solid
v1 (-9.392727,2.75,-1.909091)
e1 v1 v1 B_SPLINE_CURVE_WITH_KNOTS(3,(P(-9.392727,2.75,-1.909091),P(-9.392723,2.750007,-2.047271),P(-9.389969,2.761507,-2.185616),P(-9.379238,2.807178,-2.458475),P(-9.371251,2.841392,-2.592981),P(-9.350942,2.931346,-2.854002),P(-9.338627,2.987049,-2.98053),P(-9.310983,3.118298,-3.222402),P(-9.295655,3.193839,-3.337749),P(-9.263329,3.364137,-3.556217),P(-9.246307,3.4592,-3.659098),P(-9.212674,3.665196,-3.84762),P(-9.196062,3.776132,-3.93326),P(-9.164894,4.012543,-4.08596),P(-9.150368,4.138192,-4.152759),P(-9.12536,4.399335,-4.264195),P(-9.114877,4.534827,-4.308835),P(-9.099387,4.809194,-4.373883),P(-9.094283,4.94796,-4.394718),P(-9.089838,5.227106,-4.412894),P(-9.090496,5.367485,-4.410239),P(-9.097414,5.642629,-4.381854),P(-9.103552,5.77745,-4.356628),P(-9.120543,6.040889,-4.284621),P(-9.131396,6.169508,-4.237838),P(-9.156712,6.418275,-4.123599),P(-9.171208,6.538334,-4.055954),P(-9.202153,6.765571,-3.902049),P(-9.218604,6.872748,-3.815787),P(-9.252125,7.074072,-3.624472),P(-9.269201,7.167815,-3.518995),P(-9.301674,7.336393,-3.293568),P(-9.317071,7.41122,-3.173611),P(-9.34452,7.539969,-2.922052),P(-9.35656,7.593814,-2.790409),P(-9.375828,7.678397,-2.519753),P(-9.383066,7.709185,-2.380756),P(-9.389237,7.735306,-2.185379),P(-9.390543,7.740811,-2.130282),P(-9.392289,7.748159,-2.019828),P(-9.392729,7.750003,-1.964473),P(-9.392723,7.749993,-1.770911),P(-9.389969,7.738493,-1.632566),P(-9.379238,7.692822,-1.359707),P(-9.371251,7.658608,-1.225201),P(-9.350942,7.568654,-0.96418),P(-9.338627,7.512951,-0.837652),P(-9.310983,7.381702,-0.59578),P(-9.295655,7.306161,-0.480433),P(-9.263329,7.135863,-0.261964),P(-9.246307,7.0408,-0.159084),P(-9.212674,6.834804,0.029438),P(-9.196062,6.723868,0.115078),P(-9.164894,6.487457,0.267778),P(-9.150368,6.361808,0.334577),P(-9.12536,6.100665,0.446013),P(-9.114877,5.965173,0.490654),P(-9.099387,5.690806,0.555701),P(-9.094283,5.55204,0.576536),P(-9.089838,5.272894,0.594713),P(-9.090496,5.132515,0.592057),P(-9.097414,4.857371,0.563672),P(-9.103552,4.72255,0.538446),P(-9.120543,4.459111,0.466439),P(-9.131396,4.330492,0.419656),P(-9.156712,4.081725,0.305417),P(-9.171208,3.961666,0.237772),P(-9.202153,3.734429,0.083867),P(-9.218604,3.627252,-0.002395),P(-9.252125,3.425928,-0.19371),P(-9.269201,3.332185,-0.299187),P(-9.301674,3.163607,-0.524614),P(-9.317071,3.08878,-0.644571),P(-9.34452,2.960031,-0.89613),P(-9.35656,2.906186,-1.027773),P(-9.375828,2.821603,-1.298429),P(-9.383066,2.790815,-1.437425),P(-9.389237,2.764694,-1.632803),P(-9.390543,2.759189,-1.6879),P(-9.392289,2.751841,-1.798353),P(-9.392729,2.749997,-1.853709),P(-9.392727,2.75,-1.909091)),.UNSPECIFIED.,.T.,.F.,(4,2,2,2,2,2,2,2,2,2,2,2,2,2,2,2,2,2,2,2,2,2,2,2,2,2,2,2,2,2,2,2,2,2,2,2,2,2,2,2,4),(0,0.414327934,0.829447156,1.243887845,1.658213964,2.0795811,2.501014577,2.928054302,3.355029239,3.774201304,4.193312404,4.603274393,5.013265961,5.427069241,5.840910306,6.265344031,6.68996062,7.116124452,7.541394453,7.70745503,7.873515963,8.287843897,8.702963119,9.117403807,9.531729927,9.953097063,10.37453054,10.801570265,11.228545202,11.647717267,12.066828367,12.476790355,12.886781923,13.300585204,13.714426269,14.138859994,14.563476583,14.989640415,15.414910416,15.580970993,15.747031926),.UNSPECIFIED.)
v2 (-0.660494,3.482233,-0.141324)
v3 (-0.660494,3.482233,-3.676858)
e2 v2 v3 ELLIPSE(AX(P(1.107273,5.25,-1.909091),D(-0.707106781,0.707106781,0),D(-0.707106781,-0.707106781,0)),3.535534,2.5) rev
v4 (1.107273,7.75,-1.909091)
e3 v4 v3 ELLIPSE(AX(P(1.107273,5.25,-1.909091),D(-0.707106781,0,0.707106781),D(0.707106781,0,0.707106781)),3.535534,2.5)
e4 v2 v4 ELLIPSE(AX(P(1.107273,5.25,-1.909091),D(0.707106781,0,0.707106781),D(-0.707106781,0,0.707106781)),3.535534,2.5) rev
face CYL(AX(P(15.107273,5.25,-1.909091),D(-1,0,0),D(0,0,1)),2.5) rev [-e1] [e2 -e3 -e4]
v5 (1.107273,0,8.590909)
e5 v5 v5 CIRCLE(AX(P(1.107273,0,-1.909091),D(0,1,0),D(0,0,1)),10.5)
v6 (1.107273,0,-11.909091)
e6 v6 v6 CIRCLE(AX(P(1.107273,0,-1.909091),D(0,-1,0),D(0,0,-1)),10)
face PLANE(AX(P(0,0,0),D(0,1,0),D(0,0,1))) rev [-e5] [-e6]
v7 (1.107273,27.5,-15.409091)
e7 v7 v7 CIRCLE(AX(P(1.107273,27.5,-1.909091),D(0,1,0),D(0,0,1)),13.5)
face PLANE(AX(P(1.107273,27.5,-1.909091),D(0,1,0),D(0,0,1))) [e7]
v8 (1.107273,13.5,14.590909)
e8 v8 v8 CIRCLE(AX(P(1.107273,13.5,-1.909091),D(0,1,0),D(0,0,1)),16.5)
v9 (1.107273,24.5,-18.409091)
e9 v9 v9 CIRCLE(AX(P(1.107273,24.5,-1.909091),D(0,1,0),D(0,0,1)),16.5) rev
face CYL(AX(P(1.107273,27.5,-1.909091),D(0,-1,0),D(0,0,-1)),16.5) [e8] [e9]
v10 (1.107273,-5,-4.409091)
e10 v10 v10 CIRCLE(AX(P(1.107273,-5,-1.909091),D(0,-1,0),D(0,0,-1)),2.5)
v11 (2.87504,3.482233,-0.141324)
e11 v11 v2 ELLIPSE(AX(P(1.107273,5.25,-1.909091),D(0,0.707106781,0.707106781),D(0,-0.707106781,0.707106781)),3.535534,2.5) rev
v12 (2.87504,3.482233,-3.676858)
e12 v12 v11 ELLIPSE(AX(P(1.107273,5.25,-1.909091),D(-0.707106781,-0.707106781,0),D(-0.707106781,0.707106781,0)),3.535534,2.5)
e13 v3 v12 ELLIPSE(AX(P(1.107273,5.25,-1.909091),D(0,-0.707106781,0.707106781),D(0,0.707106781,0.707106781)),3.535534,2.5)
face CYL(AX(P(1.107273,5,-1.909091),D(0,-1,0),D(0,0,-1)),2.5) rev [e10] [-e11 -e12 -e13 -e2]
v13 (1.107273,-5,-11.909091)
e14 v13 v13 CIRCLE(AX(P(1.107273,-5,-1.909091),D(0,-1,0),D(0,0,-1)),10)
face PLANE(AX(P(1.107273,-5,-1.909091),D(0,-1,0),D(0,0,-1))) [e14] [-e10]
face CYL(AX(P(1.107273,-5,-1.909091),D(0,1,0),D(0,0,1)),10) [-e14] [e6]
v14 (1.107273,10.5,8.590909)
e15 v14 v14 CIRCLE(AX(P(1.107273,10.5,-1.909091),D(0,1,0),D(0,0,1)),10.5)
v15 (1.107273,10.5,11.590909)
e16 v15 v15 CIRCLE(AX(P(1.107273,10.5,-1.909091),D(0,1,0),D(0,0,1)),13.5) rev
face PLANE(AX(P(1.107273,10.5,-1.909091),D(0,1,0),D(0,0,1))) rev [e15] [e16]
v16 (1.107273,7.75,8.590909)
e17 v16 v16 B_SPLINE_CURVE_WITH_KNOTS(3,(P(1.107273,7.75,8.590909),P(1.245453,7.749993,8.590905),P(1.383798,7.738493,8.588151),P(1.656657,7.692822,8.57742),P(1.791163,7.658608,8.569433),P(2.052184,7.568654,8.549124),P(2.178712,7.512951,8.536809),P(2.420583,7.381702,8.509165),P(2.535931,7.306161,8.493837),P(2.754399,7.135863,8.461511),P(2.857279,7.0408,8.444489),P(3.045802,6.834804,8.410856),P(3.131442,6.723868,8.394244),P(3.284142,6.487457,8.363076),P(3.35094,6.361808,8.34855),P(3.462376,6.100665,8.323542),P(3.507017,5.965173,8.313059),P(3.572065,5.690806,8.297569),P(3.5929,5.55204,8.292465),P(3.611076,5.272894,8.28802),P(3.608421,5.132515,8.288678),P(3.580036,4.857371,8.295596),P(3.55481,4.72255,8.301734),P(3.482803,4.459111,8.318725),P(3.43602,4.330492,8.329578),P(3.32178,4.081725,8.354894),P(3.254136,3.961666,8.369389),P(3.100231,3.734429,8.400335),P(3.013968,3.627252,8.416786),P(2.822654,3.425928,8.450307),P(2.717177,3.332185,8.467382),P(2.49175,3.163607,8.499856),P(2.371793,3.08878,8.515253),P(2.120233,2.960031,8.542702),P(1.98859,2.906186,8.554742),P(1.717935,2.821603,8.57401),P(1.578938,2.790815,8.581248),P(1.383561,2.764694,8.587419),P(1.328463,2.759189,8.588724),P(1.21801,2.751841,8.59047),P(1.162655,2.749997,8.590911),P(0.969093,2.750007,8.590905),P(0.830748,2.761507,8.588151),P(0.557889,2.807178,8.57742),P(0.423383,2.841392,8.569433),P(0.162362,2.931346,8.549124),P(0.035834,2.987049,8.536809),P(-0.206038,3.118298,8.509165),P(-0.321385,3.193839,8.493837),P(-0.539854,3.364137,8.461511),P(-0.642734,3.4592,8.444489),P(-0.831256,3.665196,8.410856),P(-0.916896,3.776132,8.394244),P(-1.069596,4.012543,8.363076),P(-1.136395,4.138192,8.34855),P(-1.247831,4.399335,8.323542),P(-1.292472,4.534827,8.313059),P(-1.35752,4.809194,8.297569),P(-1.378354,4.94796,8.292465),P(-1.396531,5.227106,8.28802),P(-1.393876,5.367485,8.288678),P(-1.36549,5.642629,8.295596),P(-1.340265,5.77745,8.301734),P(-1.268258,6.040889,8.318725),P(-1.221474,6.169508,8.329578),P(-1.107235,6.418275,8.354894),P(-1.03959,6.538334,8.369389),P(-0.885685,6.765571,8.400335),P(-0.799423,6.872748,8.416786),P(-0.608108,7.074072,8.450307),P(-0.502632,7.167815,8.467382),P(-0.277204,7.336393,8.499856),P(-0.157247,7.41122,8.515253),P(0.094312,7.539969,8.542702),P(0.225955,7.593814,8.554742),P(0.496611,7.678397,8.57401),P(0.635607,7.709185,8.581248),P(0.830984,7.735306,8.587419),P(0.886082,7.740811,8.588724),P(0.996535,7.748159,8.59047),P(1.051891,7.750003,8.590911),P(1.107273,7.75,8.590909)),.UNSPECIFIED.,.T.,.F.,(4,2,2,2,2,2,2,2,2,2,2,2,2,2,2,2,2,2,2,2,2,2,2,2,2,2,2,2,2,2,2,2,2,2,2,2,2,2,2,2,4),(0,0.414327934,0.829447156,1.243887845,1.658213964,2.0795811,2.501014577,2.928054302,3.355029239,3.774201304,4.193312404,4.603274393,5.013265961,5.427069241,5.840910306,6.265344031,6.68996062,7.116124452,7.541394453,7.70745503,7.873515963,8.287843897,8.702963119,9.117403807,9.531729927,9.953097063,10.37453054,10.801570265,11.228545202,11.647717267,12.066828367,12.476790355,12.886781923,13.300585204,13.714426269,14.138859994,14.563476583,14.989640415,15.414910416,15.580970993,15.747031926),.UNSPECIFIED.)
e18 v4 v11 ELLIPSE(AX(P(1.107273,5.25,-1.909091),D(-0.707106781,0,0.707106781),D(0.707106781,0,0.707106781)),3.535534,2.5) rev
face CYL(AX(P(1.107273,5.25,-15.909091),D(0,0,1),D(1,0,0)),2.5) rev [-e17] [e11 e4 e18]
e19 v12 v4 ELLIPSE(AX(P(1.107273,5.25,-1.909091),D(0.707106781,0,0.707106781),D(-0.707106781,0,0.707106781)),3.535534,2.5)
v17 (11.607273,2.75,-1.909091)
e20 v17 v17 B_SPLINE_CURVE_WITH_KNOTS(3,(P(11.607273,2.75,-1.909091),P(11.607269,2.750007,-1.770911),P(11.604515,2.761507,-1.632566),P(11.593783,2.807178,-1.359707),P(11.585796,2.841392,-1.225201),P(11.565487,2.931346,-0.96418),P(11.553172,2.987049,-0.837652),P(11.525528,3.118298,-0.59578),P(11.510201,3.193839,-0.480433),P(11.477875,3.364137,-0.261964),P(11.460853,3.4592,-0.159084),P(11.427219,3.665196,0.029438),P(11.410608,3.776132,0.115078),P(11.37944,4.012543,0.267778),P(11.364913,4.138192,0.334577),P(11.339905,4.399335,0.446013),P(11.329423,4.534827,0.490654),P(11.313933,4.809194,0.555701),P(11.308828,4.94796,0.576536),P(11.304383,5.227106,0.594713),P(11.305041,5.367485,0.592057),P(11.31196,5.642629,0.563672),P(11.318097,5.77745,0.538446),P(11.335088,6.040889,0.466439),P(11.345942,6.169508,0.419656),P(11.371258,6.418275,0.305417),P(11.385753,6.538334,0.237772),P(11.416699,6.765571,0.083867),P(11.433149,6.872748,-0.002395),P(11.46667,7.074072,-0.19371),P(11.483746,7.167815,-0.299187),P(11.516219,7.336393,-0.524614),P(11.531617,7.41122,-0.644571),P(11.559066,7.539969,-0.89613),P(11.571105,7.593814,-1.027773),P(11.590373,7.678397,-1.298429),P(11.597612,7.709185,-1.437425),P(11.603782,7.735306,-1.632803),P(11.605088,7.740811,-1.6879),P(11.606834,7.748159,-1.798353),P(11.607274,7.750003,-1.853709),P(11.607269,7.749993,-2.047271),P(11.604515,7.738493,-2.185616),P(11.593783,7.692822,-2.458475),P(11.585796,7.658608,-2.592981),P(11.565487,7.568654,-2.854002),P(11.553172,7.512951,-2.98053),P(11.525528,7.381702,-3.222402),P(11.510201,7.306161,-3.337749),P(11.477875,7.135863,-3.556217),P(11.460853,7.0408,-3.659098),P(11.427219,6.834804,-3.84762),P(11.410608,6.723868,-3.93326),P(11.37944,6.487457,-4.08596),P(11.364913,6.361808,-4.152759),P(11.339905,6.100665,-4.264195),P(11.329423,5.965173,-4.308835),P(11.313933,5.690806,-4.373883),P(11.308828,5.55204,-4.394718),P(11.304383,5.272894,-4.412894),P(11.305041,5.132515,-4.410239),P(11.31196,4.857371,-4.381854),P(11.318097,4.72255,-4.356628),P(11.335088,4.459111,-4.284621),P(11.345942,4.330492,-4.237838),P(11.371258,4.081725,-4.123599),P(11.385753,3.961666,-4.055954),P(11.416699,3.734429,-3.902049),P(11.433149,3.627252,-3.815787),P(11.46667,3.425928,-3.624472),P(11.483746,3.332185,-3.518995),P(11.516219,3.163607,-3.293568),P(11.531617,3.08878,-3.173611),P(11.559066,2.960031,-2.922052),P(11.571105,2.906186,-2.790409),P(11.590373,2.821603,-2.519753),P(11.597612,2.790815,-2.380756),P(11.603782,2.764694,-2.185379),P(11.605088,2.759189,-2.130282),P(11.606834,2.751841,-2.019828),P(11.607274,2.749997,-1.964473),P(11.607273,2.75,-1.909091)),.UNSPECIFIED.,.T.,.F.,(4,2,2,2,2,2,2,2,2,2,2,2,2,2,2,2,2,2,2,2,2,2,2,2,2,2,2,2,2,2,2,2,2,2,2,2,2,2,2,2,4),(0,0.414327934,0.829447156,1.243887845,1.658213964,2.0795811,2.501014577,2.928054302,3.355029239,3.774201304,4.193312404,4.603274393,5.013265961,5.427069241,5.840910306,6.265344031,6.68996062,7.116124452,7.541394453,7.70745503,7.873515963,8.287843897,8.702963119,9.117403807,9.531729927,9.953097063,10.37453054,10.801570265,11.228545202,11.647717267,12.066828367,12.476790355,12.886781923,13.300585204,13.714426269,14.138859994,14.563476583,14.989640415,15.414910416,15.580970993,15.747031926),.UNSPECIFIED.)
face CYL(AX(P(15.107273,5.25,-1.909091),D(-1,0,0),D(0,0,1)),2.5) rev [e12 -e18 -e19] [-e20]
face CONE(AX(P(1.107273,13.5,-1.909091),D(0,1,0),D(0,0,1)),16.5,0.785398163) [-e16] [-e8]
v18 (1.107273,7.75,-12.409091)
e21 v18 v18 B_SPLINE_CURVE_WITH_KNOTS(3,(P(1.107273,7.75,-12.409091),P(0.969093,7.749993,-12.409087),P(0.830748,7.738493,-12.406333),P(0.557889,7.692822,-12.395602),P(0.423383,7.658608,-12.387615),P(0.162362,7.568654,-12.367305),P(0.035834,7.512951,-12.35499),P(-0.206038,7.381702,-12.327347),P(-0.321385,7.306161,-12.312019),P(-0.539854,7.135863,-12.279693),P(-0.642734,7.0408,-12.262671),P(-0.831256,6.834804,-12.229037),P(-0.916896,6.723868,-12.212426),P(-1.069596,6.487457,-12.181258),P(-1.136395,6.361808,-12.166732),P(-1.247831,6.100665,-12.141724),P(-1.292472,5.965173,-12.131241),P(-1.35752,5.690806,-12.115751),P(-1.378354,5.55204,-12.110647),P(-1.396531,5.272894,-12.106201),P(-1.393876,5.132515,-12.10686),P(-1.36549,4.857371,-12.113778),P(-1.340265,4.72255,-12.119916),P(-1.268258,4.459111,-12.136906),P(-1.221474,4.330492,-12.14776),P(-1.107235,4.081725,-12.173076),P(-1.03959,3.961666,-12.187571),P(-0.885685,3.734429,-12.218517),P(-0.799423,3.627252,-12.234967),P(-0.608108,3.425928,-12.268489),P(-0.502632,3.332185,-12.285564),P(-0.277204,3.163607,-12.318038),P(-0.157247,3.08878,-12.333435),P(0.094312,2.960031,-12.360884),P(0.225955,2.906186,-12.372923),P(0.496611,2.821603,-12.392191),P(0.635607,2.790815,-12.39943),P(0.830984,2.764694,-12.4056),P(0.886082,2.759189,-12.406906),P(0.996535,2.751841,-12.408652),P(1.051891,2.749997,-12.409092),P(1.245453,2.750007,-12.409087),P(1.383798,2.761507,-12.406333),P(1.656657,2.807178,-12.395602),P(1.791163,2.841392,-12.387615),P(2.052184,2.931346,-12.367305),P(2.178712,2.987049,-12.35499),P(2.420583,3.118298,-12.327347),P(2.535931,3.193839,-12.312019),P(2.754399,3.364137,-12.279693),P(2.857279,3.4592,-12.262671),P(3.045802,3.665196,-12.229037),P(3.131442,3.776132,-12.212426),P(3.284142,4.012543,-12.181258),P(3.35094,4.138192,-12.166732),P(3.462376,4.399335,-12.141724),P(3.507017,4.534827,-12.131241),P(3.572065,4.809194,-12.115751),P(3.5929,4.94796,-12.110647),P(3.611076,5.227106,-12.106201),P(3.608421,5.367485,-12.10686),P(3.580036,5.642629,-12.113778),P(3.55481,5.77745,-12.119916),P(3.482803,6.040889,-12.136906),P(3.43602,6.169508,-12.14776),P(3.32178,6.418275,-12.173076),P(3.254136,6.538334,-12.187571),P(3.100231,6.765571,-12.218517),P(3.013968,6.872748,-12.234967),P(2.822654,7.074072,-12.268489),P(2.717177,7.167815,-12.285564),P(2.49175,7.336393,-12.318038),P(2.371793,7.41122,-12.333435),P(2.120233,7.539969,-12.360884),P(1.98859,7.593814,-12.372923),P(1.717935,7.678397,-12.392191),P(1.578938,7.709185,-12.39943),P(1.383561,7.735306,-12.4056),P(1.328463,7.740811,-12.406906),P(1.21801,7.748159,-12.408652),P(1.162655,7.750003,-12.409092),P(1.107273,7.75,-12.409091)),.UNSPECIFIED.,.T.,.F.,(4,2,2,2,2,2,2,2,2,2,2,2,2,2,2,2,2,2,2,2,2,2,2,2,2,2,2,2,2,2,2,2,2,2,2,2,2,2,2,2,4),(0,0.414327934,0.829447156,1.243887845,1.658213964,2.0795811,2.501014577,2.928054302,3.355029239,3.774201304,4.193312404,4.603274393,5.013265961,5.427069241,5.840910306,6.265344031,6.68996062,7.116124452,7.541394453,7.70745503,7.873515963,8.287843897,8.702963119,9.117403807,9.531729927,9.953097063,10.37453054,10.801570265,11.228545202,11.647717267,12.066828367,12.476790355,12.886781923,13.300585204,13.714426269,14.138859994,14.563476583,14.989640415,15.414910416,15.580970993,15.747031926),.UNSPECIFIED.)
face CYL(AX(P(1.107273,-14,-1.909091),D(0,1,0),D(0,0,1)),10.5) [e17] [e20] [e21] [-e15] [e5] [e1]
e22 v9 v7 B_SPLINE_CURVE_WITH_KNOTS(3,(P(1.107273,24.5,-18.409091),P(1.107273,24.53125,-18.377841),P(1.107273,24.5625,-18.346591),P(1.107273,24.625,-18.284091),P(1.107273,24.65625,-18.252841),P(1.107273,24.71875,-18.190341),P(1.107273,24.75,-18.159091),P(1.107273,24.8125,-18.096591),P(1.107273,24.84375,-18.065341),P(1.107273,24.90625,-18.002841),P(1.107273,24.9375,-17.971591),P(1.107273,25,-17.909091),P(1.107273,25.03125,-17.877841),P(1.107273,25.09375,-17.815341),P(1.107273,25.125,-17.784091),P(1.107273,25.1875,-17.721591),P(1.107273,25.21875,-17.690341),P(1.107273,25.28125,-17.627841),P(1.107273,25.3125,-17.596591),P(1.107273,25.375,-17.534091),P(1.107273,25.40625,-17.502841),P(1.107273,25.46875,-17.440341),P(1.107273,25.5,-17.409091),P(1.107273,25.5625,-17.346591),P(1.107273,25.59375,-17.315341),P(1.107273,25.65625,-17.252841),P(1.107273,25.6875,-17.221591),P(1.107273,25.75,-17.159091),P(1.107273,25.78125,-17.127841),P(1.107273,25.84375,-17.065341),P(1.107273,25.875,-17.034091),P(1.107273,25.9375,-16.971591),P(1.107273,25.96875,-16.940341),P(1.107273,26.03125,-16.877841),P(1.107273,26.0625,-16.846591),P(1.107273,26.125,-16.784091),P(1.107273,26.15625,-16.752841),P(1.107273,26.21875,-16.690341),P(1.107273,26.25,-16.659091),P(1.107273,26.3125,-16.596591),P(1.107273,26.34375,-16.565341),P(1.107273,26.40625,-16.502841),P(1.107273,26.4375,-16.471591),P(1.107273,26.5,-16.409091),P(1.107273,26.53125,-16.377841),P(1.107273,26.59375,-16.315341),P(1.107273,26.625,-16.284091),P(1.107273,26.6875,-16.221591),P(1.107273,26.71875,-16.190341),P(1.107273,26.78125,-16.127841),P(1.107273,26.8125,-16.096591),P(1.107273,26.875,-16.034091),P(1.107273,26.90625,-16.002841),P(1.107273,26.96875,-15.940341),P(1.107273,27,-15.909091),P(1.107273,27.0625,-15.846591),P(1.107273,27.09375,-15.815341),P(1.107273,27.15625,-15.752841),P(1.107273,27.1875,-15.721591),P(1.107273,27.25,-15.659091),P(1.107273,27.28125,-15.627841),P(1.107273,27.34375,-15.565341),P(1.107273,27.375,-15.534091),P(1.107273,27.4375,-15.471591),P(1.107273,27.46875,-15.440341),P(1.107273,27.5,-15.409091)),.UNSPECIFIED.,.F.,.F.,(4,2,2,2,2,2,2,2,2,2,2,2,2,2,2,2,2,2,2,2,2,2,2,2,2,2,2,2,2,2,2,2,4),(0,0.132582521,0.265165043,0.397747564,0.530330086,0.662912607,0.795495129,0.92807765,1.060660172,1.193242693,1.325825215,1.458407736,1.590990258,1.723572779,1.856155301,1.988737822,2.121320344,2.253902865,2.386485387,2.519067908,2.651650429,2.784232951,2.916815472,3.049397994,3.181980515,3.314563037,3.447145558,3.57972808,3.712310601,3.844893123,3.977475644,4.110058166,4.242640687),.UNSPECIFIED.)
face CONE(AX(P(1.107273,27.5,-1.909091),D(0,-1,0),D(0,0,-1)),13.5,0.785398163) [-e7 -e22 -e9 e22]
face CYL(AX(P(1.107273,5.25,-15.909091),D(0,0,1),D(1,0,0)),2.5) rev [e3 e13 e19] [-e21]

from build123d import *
from build123d.topology import SkipClean

# Parameters (mm, degrees)
SKETCH1_W           = 21
SKETCH1_H           = 21
BOSS_EXTRUDE1_DEPTH = 10.5
CUT_EXTRUDE1_DEPTH  = 24.5
CUT_EXTRUDE2_DEPTH  = 24.5
CUT_EXTRUDE3_DEPTH  = 24.5
SKETCH5_R           = 16.5
BOSS_EXTRUDE2_DEPTH = 17
CHAMFER4_SIZE       = 3
CHAMFER5_SIZE       = 3
SKETCH13_R          = 10
BOSS_EXTRUDE6_DEPTH = 5
SKETCH14_R          = 2.5
CUT_EXTRUDE7_DEPTH  = 10


with BuildPart() as part:
    # Sketch1 → Boss-Extrude1 (new body)
    with BuildSketch(Plane(origin=(0, 0, 0), x_dir=(1, 0, 0), z_dir=(0, 1, 0))):
        with Locations((1.107272727, 1.909090909)):
            Rectangle(SKETCH1_W, SKETCH1_H)
    extrude(amount=BOSS_EXTRUDE1_DEPTH)

    # Sketch2 → Cut-Extrude1 (cut)
    with BuildSketch(Plane.XY.offset(8.590909091)):
        with BuildLine():
            ThreePointArc((3.607272727, 5.25), (2.87503968, 7.017766953), (1.107272727, 7.75))
            Line((1.107272727, 7.75), (1.107272727, 2.75))
            ThreePointArc((1.107272727, 2.75), (2.87503968, 3.482233047), (3.607272727, 5.25))
        make_face()
        with BuildLine():
            Line((1.107272727, 2.75), (1.107272727, 7.75))
            ThreePointArc((1.107272727, 7.75), (-1.392727273, 5.25), (1.107272727, 2.75))
        make_face()
    extrude(amount=-CUT_EXTRUDE1_DEPTH, mode=Mode.SUBTRACT)

    # Sketch3 → Cut-Extrude2 (cut)
    with BuildSketch(Plane.ZY.offset(9.392727273)):
        with BuildLine():
            ThreePointArc((0.590909091, 5.25), (-0.141323956, 7.017766953), (-1.909090909, 7.75))
            Line((-1.909090909, 7.75), (-1.909090909, 2.75))
            ThreePointArc((-1.909090909, 2.75), (-0.141323956, 3.482233047), (0.590909091, 5.25))
        make_face()
        with BuildLine():
            Line((-1.909090909, 2.75), (-1.909090909, 7.75))
            ThreePointArc((-1.909090909, 7.75), (-4.409090909, 5.25), (-1.909090909, 2.75))
        make_face()
    extrude(amount=-CUT_EXTRUDE2_DEPTH, mode=Mode.SUBTRACT)

    # Sketch4 → Cut-Extrude3 (cut)
    with SkipClean():  # the faces are left unmerged after this step: merging them gives an invalid solid
        with BuildSketch(Plane(origin=(0, 10.5, 0), x_dir=(1, 0, 0), z_dir=(0, 1, 0))):
            with BuildLine():
                ThreePointArc((-9.392727273, 1.909090919), (-6.317348472, 9.333712115), (1.107272727, 12.409090909))
                Line((1.107272727, 12.409090909), (-9.392727273, 12.409090909))
                Line((-9.392727273, 12.409090909), (-9.392727273, 1.909090919))
            make_face()
            with BuildLine():
                Line((11.607272727, 12.409090909), (1.107272727, 12.409090909))
                ThreePointArc((1.107272727, 12.409090909), (8.53189393, 9.333712112), (11.607272727, 1.909090909))
                Line((11.607272727, 1.909090909), (11.607272727, 12.409090909))
            make_face()
            with BuildLine():
                ThreePointArc((11.607272727, 1.909090909), (8.53189393, -5.515530293), (1.107272727, -8.590909091))
                Line((1.107272727, -8.590909091), (11.607272727, -8.590909091))
                Line((11.607272727, -8.590909091), (11.607272727, 1.909090909))
            make_face()
            with BuildLine():
                Line((-9.392727273, -8.590909091), (1.107272727, -8.590909091))
                ThreePointArc((1.107272727, -8.590909091), (-6.317348479, -5.51553029), (-9.392727273, 1.909090919))
                Line((-9.392727273, 1.909090919), (-9.392727273, -8.590909091))
            make_face()
        extrude(amount=-CUT_EXTRUDE3_DEPTH, mode=Mode.SUBTRACT)

    # Sketch5 → Boss-Extrude2 (add)
    with SkipClean():  # the faces are left unmerged after this step: merging them gives an invalid solid
        with BuildSketch(Plane(origin=(0, 10.5, 0), x_dir=(1, 0, 0), z_dir=(0, 1, 0))):
            with Locations(Location((1.107272727, 1.909090909, 0), (0, 0, 270))):
                Circle(SKETCH5_R)
        extrude(amount=BOSS_EXTRUDE2_DEPTH)

    # Chamfer4
    chamfer4_edges = [part.edges().sort_by_distance(p)[0] for p in [
        (1.107272727, 27.5, -18.409090909),
    ]]
    chamfer(chamfer4_edges, length=CHAMFER4_SIZE)

    # Chamfer5
    chamfer5_edges = [part.edges().sort_by_distance(p)[0] for p in [
        (1.107272727, 10.5, -18.409090909),
    ]]
    chamfer(chamfer5_edges, length=CHAMFER5_SIZE)

    # Sketch13 → Boss-Extrude6 (add)
    with SkipClean():  # the faces are left unmerged after this step: merging them gives an invalid solid
        with BuildSketch(Plane.XZ):
            with Locations(Location((1.107272727, -1.909090909, 0), (0, 0, 270))):
                Circle(SKETCH13_R)
        extrude(amount=BOSS_EXTRUDE6_DEPTH)

    # Sketch14 → Cut-Extrude7 (cut)
    with SkipClean():  # the faces are left unmerged after this step: merging them gives an invalid solid
        with BuildSketch(Plane.XZ.offset(5)):
            with Locations(Location((1.107272727, -1.909090909, 0), (0, 0, 270))):
                Circle(SKETCH14_R)
        extrude(amount=-CUT_EXTRUDE7_DEPTH, mode=Mode.SUBTRACT)


solid = part.part
